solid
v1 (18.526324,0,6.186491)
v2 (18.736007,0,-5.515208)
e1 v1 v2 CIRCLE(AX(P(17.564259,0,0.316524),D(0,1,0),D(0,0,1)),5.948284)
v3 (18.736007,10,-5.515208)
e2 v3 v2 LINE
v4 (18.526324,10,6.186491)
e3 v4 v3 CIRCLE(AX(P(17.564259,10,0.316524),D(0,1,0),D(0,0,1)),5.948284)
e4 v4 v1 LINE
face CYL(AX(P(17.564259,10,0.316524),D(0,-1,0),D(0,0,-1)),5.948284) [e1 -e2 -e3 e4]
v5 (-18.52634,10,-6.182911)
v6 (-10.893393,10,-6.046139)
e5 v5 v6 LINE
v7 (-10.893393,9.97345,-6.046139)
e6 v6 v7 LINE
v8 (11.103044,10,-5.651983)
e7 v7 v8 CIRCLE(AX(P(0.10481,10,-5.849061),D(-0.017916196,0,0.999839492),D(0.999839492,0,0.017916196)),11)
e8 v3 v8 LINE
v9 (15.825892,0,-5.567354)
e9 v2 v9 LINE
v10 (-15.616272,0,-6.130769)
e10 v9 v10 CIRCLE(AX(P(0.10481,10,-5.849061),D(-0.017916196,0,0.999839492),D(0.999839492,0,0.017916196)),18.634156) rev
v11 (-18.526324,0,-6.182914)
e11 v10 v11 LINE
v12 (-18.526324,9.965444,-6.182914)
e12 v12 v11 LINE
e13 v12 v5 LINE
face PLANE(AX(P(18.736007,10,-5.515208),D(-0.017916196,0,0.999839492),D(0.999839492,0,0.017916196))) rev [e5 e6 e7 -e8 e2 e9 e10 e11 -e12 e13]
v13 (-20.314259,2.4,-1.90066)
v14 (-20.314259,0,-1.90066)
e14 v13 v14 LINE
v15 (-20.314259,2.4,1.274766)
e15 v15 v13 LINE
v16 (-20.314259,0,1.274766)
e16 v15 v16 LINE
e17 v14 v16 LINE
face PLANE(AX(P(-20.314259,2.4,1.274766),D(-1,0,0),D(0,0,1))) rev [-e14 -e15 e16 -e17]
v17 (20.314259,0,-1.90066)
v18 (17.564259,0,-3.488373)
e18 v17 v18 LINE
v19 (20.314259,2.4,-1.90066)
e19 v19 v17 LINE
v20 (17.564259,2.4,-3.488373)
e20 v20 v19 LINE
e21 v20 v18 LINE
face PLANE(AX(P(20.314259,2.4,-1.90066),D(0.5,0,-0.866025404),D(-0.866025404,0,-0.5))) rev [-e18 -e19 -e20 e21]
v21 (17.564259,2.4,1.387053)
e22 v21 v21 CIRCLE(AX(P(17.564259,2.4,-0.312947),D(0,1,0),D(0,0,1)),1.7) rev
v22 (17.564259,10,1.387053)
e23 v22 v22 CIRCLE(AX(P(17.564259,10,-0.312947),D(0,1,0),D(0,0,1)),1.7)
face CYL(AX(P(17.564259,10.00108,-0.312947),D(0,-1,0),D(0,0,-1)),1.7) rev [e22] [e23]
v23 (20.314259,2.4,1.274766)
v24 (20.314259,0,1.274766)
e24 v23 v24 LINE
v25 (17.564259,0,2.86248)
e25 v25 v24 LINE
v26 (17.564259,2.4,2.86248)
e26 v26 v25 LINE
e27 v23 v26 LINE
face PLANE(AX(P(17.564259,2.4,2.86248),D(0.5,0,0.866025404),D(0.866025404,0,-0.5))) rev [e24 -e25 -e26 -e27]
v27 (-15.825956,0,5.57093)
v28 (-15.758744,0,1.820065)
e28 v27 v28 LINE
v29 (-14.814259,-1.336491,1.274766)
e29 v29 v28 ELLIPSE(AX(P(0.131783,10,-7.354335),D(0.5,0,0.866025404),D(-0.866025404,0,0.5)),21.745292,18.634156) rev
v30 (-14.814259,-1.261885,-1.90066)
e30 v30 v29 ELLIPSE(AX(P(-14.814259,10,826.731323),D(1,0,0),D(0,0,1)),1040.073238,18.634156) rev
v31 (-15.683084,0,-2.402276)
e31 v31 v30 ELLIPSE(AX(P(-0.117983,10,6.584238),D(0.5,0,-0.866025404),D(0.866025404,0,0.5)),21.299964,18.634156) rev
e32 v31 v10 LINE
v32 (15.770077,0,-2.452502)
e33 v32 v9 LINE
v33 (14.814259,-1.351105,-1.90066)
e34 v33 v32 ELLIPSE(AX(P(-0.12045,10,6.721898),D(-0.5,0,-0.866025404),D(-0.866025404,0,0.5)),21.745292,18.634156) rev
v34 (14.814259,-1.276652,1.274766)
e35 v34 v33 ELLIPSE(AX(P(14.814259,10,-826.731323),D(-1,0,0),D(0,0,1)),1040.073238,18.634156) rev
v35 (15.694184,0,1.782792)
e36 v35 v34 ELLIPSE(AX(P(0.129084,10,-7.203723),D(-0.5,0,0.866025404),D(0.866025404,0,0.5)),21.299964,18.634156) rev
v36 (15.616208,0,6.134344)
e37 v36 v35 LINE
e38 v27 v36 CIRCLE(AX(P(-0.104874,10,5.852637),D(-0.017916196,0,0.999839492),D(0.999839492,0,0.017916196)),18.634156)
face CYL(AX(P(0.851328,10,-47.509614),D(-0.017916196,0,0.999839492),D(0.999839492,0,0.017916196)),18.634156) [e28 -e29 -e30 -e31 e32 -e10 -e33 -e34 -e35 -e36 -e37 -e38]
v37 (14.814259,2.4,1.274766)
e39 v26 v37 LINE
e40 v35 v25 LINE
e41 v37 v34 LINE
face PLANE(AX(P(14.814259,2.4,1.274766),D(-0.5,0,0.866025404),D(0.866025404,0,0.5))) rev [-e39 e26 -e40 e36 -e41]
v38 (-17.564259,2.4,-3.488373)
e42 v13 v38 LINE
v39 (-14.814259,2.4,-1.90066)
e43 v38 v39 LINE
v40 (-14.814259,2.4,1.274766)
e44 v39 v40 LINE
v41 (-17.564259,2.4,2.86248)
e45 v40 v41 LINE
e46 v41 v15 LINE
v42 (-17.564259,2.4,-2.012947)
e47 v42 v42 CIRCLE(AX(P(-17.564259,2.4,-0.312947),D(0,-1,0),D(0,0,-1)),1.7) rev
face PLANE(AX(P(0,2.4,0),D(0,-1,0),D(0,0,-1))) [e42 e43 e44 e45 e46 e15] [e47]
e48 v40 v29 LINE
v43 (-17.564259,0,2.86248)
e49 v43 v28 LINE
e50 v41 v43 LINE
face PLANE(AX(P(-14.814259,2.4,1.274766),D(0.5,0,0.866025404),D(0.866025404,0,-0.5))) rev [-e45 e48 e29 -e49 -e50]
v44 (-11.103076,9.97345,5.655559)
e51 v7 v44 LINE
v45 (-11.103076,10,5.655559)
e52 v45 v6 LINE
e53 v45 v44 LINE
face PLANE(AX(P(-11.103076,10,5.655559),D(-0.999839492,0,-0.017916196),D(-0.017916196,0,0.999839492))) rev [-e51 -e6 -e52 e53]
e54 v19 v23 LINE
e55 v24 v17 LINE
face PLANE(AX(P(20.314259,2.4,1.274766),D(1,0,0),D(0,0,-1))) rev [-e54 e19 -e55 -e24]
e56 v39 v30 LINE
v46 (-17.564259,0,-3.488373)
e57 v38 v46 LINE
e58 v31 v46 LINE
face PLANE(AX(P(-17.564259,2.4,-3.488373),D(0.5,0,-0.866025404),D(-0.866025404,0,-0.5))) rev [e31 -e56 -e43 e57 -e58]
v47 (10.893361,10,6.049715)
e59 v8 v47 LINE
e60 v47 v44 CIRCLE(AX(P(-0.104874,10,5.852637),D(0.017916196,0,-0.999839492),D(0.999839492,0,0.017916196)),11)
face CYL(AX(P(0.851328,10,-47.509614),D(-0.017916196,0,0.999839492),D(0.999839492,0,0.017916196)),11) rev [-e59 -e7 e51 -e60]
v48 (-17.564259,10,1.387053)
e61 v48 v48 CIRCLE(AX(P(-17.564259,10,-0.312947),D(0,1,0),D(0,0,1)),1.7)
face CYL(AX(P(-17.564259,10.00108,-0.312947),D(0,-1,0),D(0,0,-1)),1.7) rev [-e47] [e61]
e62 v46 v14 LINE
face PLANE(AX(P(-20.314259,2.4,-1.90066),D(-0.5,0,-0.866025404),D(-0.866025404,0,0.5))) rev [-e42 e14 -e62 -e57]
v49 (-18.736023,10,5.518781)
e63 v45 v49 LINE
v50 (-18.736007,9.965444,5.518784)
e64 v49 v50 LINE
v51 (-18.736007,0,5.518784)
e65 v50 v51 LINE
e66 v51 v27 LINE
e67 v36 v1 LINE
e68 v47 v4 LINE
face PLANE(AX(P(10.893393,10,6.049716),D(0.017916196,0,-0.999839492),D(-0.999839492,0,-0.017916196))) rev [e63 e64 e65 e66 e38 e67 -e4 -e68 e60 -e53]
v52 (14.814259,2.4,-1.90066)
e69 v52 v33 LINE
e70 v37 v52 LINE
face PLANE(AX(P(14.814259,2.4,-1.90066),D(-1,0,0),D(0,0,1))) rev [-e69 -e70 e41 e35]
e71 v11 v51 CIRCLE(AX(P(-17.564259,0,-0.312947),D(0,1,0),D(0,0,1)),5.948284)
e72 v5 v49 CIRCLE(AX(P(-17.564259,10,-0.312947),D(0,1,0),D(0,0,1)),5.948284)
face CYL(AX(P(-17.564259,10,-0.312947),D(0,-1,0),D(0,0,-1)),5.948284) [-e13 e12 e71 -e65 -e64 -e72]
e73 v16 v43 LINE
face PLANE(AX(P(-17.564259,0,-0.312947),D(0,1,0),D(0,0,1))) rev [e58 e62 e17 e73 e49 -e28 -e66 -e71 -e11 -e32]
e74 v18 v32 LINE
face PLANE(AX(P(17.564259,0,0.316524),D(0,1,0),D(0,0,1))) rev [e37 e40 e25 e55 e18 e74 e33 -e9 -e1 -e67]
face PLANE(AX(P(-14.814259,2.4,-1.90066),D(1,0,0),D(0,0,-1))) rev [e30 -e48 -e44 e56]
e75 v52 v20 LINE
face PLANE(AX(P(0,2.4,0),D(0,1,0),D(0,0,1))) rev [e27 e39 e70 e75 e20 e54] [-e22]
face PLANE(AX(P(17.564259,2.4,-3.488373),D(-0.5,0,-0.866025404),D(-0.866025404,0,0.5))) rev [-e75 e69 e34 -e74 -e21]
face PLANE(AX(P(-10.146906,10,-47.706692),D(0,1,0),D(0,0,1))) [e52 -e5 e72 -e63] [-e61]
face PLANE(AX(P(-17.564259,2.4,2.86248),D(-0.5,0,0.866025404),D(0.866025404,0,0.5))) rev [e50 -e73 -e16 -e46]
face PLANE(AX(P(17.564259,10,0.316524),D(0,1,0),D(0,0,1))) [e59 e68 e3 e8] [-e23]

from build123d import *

# Parameters (mm, degrees)
EXTRUDE_1_DEPTH     = 10
EXTRUDE_1_2_DEPTH   = 10
EXTRUDE_3_DEPTH     = 11.703576761
SKETCH_5_R          = 1.7
CUT_EXTRUDE_1_DEPTH = 27.289015437
CUT_EXTRUDE_2_DEPTH = 2.4


with BuildPart() as part:
    # 草图1 → 凸台-拉伸1 (new body)
    with BuildSketch(Plane(origin=(0, 0, 0), x_dir=(1, 0, 0), z_dir=(0, 1, 0))):
        with BuildLine():
            Line((10.893392623, -6.049715663), (18.526323659, -6.186490707))
            ThreePointArc((18.526323659, -6.186490707), (23.511587835, -0.423094228), (18.736007239, 5.515207537))
            Line((18.736007239, 5.515207537), (11.103076203, 5.651982581))
            Line((11.103076203, 5.651982581), (10.893392623, -6.049715663))
        make_face()
    extrude(amount=EXTRUDE_1_DEPTH)



with BuildPart() as body_2:
    # 草图1 → Extrude 1 2 (new body)
    with BuildSketch(Plane(origin=(0, 0, 0), x_dir=(1, 0, 0), z_dir=(0, 1, 0))):
        with BuildLine():
            Line((-10.893392623, 6.046138902), (-18.526323659, 6.182913947))
            ThreePointArc((-18.526323659, 6.182913947), (-23.511587835, 0.419517467), (-18.736007239, -5.518784297))
            Line((-18.736007239, -5.518784297), (-11.103076203, -5.655559342))
            Line((-11.103076203, -5.655559342), (-10.893392623, 6.046138902))
        make_face()
    extrude(amount=EXTRUDE_1_2_DEPTH)


with BuildPart() as part_1:
    add(part.part)

    add(body_2.part)  # 凸台-拉伸3 merges body 2
    # 草图3 → 凸台-拉伸3 (add)
    with BuildSketch(Plane(origin=(-0.104873826, 0, 5.852636928), x_dir=(0.9998394920722602, 0, 0.017916196378829744), z_dir=(-0.017916196378829744, 0, 0.9998394920722602))):
        with BuildLine():
            Line((-11, 10), (-18.634156379, 10))
            ThreePointArc((-18.634156379, 10), (0, -8.634156379), (18.634156379, 10))
            Line((18.634156379, 10), (11, 10))
            ThreePointArc((11, 10), (0, -1), (-11, 10))
        make_face()
    extrude(amount=-EXTRUDE_3_DEPTH)

    # 草图5 → 切除-拉伸1 (cut, through all)
    with BuildSketch(Plane.XZ):
        with Locations(Location((-17.564258534, -0.312946842, 0), (0, 0, 270))):
            Circle(SKETCH_5_R)
        with Locations(Location((17.564258534, -0.312946842, 0), (0, 0, 90))):
            Circle(SKETCH_5_R)
    extrude(amount=-CUT_EXTRUDE_1_DEPTH, mode=Mode.SUBTRACT)

    # 草图6 → 切除-拉伸2 (cut, symmetric)
    with BuildSketch(Plane.XZ):
        Polygon((20.314258534, -1.900660082), (17.564258534, -3.488373323), (14.814258534, -1.900660082), (14.814258534, 1.274766398), (17.564258534, 2.862479638), (20.314258534, 1.274766398), align=None)
        Polygon((-17.564258534, -3.488373323), (-14.814258534, -1.900660082), (-14.814258534, 1.274766398), (-17.564258534, 2.862479638), (-20.314258534, 1.274766398), (-20.314258534, -1.900660082), align=None)
    extrude(amount=CUT_EXTRUDE_2_DEPTH, both=True, mode=Mode.SUBTRACT)


solid = part_1.part
